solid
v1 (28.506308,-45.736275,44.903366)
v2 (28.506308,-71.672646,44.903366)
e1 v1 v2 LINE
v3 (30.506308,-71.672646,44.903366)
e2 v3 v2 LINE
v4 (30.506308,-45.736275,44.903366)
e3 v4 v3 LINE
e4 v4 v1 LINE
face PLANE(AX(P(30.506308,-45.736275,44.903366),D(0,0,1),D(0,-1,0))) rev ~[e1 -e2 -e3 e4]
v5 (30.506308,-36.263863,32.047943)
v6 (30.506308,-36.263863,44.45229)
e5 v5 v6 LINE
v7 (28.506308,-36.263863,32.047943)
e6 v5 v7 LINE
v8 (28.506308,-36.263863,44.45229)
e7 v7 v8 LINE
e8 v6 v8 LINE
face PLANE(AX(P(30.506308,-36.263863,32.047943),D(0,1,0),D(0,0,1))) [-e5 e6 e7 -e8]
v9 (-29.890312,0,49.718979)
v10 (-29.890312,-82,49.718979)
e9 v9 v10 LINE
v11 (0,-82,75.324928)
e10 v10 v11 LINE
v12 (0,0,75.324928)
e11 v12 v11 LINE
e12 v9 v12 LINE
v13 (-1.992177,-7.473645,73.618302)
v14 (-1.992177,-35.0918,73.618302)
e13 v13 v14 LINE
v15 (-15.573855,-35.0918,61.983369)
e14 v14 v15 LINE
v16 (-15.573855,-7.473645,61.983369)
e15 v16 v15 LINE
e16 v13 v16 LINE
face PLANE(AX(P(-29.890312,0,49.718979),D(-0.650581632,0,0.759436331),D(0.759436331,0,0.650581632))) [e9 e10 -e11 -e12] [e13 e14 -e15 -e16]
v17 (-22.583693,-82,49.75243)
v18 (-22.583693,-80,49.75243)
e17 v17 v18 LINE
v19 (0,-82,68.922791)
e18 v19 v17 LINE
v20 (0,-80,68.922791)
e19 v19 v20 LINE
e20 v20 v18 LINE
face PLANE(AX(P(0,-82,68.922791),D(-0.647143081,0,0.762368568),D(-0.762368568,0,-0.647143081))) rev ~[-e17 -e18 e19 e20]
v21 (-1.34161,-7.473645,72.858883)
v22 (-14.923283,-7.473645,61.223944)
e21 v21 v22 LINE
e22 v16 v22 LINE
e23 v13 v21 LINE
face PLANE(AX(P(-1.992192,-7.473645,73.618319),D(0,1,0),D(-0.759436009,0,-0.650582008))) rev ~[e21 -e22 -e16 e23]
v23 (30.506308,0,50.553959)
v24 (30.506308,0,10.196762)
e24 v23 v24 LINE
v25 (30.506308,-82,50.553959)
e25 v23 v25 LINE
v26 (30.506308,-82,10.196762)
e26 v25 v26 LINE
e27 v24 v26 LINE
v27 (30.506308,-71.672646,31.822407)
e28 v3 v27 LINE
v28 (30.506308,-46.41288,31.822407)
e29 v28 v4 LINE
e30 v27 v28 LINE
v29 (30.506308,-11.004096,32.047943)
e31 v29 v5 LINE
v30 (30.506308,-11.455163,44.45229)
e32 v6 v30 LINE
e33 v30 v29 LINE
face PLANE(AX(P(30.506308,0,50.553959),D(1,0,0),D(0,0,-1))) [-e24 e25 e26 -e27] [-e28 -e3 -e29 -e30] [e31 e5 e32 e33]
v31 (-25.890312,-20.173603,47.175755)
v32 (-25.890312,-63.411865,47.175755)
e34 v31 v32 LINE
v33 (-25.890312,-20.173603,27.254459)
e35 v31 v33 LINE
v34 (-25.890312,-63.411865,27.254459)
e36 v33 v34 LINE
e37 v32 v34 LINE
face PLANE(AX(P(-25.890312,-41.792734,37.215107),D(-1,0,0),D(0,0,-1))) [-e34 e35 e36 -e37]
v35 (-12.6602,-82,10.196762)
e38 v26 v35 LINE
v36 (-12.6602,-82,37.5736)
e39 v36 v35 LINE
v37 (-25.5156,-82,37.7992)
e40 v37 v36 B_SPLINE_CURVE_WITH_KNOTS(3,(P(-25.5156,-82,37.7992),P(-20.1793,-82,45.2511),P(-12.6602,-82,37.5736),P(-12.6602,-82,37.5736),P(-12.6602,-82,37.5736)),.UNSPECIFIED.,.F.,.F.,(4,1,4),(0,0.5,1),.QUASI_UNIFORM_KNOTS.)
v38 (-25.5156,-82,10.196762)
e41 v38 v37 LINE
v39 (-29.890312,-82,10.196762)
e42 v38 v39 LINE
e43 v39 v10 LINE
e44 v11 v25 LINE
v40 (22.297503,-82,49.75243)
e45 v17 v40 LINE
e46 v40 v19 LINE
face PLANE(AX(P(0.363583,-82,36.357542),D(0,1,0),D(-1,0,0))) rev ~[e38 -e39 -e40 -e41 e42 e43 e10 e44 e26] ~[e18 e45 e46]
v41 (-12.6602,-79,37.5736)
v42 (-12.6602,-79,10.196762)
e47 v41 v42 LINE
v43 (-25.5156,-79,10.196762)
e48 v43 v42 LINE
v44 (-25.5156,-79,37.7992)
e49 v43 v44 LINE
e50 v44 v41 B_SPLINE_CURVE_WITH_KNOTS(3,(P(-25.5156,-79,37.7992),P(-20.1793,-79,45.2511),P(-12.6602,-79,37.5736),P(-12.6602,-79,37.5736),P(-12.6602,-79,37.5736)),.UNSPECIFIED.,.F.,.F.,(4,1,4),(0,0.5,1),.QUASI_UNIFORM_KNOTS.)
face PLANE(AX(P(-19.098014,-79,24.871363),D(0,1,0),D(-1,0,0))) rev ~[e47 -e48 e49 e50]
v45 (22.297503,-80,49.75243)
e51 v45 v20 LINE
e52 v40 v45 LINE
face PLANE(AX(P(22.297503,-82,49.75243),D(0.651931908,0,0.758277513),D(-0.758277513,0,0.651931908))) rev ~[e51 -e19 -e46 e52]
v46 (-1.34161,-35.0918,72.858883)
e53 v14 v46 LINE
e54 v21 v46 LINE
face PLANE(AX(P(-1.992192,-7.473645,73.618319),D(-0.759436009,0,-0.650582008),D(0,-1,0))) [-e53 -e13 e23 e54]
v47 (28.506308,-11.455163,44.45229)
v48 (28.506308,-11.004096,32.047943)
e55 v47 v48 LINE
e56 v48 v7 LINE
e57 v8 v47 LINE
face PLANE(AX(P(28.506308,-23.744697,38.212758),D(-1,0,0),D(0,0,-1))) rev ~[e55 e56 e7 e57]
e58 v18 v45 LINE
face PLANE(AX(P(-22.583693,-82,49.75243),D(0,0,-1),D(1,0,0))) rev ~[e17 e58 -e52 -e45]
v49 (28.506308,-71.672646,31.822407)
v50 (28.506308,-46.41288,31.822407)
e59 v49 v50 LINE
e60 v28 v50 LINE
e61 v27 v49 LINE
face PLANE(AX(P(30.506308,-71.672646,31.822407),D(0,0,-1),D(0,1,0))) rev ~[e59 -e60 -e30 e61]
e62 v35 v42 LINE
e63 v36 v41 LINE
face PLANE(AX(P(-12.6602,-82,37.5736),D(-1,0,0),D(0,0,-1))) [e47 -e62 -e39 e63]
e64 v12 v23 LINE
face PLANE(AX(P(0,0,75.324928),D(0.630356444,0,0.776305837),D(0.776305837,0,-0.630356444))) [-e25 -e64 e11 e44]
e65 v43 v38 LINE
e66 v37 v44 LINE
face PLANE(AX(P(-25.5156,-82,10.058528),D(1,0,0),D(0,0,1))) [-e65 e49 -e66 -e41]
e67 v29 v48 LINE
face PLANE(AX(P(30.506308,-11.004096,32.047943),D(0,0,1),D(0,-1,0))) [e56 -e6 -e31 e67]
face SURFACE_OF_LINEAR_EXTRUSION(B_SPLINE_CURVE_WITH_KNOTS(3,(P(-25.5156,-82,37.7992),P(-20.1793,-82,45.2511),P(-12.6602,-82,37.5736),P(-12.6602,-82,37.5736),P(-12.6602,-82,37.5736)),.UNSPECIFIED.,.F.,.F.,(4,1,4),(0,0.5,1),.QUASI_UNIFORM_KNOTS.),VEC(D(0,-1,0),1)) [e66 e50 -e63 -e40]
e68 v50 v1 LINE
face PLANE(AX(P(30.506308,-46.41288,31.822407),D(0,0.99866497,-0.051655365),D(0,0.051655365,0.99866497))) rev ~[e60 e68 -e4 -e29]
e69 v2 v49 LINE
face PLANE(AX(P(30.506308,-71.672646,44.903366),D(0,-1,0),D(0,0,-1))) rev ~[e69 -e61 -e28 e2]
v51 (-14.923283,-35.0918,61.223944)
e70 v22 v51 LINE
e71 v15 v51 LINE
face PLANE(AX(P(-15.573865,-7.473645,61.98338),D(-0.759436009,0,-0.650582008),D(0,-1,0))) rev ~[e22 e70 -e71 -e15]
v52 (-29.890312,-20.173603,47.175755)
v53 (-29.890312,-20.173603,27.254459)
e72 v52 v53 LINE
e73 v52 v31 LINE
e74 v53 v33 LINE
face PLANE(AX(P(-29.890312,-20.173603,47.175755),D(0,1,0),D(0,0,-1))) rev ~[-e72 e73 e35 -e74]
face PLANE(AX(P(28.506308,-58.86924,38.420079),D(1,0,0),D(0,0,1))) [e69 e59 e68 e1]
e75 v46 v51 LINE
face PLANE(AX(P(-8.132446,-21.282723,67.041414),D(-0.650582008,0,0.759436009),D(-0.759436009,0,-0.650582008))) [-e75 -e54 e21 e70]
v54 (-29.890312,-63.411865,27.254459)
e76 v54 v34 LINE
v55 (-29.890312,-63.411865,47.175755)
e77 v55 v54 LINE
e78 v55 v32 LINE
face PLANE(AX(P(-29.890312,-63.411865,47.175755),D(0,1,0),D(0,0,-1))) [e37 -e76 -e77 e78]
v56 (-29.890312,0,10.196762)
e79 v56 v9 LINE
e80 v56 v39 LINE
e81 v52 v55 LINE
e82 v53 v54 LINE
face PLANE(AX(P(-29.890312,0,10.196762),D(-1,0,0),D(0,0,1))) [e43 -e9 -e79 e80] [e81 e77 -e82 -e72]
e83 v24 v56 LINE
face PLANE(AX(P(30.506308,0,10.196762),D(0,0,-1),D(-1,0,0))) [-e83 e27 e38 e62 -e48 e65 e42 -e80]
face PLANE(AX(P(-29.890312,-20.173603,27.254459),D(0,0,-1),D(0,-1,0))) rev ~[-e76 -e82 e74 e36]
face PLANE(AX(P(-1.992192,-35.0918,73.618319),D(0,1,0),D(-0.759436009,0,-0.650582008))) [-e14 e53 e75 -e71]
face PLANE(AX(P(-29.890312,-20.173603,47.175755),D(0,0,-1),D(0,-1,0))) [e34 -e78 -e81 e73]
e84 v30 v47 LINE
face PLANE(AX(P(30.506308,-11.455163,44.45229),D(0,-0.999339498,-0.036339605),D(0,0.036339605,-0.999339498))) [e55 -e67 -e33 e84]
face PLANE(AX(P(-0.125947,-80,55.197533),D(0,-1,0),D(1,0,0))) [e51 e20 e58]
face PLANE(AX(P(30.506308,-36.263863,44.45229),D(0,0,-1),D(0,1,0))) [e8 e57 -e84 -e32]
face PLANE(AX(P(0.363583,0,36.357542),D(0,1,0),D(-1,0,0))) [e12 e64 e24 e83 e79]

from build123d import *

# Parameters (mm, degrees)
PAD_DEPTH            = 82
POCKET_DEPTH         = 3
POCKET001_DEPTH      = 2
POCKET002_DEPTH      = 2
SKETCH007_W          = 17.883893
SKETCH007_H          = 27.618155
POCKET003_DEPTH      = 1
SKETCH009_W          = 19.921296
SKETCH009_H          = 43.238262
POCKET004_DEPTH      = 4
BODY_PLACEMENT_ANGLE = 90


with BuildPart() as part:
    # Sketch → Pad (new body)
    with BuildSketch(Plane.XY):
        Polygon((30.506308, 10.196762), (-29.890312, 10.196762), (-29.890312, 49.718979), (0, 75.324928), (30.506308, 50.553959), align=None)
    extrude(amount=PAD_DEPTH)

    # Sketch001 (on Face7 of Pad) → Pocket (cut)
    with BuildSketch(Plane.XY.offset(82)):
        with BuildLine():
            Line((-25.5156, 10.058528), (-25.5156, 37.7992))
            add(Edge.make_bspline(
                [(-25.5156, 37.7992), (-20.1793, 45.2511), (-12.6602, 37.5736), (-12.6602, 37.5736), (-12.6602, 37.5736)],
                knots=[0, 0, 0, 0, 0.5, 1, 1, 1, 1], degree=3))
            Line((-12.6602, 37.5736), (-12.6602, 10.058528))
            Line((-12.6602, 10.058528), (-25.5156, 10.058528))
        make_face()
    extrude(amount=-POCKET_DEPTH, mode=Mode.SUBTRACT)

    # Sketch002 (on Face4 of Pocket) → Pocket001 (cut)
    with BuildSketch(Plane.XY.offset(82)):
        Polygon((0, 68.922791), (-22.583693, 49.75243), (22.297503, 49.75243), align=None)
    extrude(amount=-POCKET001_DEPTH, mode=Mode.SUBTRACT)

    # Sketch003 (on Face8 of Pocket001) → Pocket002 (cut)
    with BuildSketch(Plane.YZ.offset(30.506308)):
        Polygon((31.822407, 71.672646), (31.822407, 46.41288), (44.903366, 45.736275), (44.903366, 71.672646), align=None)
        Polygon((32.047943, 36.263863), (44.45229, 36.263863), (44.45229, 11.455163), (32.047943, 11.004096), align=None)
    extrude(amount=-POCKET002_DEPTH, mode=Mode.SUBTRACT)

    # Sketch007 (on Face9 of Pocket002) → Pocket003 (cut)
    with BuildSketch(Plane(origin=(-37.216188, 43.443166, 0), x_dir=(-0.759436, -0.650582, 0), z_dir=(-0.650582, 0.759436, 0))):
        with Locations((-37.439836, 21.282723)):
            Rectangle(SKETCH007_W, SKETCH007_H)
    extrude(amount=-POCKET003_DEPTH, mode=Mode.SUBTRACT)

    # Sketch009 (on Face3 of Pocket003) → Pocket004 (cut)
    with BuildSketch(Plane(origin=(-29.890312, 0, 0), x_dir=(0, -1, 0), z_dir=(-1, 0, 0))):
        with Locations((-37.215107, 41.792734)):
            Rectangle(SKETCH009_W, SKETCH009_H)
    extrude(amount=-POCKET004_DEPTH, mode=Mode.SUBTRACT)


with BuildPart() as part_1:
    # Body placement: moved
    add(part.part.rotate(Axis((0, 0, 0), (1, 0, 0)), BODY_PLACEMENT_ANGLE))


solid = part_1.part
